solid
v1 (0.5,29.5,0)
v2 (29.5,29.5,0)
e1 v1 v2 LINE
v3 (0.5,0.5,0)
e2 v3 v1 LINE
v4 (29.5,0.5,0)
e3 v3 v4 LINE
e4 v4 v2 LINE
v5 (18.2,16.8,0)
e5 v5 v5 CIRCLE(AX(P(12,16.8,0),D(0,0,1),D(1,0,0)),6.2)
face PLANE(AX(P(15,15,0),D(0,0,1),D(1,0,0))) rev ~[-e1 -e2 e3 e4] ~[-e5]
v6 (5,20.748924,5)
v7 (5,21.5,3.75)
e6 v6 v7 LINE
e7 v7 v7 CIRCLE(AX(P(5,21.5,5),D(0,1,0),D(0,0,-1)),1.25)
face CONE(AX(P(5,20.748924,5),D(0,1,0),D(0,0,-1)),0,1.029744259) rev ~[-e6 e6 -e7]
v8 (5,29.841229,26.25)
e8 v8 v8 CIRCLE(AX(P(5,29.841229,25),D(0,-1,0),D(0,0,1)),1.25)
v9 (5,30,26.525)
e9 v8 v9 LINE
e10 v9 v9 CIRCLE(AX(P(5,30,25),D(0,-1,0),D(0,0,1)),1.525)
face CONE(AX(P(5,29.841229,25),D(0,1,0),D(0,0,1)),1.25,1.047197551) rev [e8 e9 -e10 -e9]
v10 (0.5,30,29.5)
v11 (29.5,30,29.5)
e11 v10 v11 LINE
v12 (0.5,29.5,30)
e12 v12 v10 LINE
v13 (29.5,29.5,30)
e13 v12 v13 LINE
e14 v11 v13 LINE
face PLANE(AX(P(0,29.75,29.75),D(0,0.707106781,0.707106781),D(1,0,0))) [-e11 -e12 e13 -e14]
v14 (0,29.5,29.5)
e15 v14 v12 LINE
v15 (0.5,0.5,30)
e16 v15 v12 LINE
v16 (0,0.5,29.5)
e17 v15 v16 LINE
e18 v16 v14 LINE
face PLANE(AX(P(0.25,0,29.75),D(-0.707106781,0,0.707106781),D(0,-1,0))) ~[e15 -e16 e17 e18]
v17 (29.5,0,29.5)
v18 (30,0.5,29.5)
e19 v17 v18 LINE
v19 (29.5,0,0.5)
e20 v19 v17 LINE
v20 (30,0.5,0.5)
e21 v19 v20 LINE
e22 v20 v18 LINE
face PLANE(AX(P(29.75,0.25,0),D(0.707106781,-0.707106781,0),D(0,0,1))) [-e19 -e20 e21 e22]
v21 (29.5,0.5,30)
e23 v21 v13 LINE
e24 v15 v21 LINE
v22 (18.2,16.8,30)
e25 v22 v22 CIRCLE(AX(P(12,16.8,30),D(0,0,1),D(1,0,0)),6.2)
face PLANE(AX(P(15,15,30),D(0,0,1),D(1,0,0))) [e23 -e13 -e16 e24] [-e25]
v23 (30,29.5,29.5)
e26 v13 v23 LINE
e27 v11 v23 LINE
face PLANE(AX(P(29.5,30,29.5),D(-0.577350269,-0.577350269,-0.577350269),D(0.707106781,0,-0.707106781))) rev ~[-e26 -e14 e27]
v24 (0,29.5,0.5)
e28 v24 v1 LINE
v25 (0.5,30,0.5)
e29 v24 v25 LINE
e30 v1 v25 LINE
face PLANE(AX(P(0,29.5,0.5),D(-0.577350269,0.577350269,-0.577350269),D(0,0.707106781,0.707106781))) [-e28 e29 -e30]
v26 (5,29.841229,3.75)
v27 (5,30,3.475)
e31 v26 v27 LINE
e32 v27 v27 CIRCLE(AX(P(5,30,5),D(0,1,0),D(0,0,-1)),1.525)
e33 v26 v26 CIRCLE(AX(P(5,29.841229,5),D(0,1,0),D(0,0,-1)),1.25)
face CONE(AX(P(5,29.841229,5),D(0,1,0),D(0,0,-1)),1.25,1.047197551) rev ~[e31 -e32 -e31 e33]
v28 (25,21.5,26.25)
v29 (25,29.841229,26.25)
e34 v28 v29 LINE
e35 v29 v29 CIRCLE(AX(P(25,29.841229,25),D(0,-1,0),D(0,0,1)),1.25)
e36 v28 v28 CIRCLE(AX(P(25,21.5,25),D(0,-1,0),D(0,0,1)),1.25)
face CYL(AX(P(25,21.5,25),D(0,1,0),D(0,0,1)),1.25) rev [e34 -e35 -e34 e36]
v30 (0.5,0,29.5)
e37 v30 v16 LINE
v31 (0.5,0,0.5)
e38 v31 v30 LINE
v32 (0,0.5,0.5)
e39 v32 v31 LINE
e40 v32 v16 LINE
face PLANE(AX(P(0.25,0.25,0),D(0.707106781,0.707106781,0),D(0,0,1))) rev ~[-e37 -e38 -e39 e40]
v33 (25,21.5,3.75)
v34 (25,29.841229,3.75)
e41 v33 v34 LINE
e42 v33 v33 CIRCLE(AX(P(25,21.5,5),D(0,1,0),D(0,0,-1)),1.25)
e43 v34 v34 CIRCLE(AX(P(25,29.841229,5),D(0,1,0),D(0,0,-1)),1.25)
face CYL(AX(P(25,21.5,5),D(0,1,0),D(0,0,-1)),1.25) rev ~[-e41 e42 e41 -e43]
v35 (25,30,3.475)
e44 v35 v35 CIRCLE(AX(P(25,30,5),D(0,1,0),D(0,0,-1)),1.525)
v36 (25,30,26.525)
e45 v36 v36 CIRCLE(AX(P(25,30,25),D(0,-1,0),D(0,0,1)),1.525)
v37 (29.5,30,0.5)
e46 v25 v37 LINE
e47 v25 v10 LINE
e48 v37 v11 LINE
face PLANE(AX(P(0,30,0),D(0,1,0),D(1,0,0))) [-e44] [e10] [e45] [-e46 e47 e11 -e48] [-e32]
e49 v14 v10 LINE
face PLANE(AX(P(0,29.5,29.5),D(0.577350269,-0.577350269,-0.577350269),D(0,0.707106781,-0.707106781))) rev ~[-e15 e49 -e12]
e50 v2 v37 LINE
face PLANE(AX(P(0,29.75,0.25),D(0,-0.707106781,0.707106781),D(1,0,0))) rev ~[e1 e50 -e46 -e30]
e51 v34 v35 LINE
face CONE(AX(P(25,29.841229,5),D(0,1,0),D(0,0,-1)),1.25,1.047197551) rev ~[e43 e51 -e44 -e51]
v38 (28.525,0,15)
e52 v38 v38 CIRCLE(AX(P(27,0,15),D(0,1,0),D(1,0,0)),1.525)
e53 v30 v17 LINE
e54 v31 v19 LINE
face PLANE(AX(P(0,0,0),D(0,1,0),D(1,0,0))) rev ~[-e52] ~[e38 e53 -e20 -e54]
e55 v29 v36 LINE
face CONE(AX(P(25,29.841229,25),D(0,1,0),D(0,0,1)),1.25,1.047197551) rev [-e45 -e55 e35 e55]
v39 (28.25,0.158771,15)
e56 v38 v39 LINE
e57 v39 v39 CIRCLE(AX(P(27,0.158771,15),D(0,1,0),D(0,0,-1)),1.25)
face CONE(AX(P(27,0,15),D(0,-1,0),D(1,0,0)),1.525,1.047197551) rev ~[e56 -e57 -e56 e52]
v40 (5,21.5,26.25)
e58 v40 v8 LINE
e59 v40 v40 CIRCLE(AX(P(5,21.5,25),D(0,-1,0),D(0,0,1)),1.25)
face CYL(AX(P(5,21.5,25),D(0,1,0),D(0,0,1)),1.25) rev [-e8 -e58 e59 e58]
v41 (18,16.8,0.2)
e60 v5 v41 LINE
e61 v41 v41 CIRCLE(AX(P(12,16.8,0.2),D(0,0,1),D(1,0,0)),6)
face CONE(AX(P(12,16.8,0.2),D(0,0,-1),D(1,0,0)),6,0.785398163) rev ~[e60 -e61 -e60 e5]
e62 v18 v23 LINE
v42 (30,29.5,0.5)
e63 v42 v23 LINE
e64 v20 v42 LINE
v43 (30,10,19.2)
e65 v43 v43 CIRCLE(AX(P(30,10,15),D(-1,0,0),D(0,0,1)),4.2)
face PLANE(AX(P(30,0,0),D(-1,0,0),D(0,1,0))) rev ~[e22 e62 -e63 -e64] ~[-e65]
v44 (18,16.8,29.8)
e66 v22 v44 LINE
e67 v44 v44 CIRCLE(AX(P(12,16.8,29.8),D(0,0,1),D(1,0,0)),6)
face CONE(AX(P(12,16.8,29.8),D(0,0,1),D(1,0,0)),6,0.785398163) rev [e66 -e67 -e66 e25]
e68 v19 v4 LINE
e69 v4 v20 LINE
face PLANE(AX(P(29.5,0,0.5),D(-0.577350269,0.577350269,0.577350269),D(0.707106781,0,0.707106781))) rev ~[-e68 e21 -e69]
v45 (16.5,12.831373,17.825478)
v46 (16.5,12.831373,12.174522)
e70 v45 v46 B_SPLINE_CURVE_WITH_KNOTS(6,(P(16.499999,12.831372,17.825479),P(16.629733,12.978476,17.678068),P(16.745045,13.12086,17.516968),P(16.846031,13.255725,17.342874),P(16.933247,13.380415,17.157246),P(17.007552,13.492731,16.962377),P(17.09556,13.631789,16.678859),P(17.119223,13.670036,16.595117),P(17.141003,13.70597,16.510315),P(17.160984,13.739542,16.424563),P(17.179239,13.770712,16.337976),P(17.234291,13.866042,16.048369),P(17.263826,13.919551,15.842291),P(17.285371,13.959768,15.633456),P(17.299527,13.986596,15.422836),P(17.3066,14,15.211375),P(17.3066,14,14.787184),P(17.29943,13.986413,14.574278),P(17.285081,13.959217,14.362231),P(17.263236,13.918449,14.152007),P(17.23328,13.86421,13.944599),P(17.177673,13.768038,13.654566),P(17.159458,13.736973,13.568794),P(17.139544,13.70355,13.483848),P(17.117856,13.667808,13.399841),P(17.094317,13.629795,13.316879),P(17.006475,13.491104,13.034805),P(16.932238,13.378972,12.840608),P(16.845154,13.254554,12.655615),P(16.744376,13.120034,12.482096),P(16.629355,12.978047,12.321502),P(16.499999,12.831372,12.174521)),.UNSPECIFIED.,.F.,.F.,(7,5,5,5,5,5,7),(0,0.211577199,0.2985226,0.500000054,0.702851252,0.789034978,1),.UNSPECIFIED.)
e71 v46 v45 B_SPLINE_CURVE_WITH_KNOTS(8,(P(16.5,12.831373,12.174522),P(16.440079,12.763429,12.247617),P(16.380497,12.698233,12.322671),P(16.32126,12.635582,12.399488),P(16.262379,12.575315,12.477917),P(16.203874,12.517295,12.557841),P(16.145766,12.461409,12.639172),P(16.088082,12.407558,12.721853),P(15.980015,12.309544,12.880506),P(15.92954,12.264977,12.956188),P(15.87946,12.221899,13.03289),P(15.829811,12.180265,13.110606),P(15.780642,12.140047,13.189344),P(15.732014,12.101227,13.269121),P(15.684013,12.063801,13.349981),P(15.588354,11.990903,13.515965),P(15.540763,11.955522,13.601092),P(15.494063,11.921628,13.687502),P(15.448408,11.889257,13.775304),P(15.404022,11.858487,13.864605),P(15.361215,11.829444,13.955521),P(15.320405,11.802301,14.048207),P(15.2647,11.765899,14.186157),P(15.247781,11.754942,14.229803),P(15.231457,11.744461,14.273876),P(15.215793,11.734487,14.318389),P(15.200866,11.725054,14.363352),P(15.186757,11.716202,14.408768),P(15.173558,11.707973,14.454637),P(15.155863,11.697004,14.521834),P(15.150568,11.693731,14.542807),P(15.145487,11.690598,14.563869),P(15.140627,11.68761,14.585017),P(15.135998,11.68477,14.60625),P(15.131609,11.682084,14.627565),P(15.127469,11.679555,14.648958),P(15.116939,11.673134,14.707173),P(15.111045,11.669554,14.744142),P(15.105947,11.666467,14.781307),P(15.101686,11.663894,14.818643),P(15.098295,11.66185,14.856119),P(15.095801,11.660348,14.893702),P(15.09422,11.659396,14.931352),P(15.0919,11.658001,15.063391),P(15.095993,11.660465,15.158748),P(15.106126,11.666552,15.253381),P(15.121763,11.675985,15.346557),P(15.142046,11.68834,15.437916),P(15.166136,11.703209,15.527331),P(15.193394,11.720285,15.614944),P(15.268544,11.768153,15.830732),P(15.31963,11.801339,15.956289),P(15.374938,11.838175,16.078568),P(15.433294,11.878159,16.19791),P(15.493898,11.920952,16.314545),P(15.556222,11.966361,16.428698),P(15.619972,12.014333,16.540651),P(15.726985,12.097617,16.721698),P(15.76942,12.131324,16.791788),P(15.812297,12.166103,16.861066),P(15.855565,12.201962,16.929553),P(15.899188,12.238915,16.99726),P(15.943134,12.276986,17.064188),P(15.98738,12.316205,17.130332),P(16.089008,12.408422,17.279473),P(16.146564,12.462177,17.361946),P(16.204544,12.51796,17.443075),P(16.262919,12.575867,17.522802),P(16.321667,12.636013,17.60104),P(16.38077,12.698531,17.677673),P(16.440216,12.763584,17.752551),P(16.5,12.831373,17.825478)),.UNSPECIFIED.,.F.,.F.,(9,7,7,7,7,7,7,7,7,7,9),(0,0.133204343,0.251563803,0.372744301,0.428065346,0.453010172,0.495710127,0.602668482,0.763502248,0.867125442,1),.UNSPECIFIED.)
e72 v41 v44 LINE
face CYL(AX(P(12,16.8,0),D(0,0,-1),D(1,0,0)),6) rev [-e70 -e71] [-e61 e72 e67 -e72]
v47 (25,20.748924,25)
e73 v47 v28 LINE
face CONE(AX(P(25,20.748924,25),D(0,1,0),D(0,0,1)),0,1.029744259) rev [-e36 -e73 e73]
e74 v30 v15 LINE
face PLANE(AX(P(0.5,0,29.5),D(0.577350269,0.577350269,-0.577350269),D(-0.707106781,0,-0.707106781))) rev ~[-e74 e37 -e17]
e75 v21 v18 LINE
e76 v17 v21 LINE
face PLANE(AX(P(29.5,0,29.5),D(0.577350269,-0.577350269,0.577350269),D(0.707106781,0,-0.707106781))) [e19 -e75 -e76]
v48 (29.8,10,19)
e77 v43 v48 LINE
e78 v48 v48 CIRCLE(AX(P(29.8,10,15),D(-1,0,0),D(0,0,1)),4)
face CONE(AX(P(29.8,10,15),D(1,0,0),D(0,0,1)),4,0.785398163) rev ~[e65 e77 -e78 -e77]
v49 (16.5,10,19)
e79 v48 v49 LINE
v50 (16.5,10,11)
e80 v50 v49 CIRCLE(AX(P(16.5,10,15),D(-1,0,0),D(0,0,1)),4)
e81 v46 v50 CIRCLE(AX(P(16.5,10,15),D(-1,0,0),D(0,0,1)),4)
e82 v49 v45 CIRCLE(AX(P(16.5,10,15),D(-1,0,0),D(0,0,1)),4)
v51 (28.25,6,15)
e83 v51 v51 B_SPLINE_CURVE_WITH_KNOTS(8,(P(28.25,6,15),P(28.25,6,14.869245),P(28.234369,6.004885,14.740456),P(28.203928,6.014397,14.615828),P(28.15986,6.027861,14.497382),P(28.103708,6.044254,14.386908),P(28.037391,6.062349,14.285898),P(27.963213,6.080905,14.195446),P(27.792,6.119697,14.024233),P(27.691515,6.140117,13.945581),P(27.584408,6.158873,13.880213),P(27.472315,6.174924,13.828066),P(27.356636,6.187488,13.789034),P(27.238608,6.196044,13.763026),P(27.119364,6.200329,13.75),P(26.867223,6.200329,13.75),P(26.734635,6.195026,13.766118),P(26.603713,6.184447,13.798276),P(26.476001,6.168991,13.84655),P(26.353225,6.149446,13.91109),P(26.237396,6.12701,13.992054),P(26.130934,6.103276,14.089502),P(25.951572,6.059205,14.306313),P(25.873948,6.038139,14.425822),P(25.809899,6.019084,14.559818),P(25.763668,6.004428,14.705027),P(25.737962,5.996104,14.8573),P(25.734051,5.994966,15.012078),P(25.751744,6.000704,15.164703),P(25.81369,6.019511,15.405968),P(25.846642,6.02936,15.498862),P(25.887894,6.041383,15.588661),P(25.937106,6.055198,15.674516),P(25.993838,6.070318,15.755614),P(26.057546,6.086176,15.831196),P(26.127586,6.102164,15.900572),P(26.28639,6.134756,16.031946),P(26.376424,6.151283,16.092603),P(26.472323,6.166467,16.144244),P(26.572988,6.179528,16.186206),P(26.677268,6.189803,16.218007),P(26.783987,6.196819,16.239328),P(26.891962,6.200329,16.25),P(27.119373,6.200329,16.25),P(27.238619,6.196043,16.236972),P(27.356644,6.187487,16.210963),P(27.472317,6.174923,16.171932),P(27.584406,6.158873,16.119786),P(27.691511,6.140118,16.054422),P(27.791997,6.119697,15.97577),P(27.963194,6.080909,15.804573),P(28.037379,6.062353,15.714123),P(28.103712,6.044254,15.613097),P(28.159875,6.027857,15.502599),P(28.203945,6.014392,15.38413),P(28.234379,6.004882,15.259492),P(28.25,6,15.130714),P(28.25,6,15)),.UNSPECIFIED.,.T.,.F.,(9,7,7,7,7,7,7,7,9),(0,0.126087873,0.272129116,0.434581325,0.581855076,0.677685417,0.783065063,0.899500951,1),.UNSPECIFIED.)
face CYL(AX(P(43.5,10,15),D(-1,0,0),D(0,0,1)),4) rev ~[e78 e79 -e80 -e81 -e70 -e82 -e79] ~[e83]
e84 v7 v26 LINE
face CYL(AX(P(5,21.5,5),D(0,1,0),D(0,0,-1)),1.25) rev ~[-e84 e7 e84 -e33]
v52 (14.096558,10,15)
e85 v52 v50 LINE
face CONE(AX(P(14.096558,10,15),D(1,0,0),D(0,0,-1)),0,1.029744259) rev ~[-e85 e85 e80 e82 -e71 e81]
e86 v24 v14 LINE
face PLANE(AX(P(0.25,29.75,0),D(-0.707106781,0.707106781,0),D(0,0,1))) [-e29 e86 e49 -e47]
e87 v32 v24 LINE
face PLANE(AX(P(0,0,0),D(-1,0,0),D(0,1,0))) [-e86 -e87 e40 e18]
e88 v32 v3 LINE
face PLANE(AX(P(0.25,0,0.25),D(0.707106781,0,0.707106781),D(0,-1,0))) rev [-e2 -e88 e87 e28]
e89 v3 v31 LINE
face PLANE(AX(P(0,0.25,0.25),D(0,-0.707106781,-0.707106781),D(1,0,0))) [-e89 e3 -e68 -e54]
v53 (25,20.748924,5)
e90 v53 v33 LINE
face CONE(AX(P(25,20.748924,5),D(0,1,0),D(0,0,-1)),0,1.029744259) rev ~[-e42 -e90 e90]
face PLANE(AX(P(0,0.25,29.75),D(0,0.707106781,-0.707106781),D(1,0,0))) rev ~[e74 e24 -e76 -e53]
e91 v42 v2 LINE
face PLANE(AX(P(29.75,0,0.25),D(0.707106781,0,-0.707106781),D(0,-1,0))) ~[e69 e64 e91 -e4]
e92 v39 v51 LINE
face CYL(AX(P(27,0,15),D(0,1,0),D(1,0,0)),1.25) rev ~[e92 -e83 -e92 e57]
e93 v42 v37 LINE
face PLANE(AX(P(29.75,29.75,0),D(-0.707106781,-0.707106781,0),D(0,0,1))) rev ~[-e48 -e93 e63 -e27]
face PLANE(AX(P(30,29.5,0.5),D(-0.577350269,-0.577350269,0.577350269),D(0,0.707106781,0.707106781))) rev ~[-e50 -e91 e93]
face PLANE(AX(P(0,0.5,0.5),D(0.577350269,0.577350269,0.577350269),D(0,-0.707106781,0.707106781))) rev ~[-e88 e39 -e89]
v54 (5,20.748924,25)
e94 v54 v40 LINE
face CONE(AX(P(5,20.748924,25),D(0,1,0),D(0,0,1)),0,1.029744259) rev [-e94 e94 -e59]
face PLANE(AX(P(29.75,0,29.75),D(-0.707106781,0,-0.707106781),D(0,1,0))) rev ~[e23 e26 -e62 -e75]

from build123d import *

# Parameters (mm, degrees)
SCHIZZO1_W                      = 30
SCHIZZO1_H                      = 30
SCHIZZO1_R                      = 6
ESTRUSIONE_ESTRUSIONE1_DEPTH    = 30
F_8_0_8_DIAMETER_HOLE1_D        = 8
F_8_0_8_DIAMETER_HOLE1_DEPTH    = 13.5
F_8_0_8_DIAMETER_HOLE1_TIP      = 2.403442476
FORO_FILETTATO_M3_1_AT_2_COUNT  = 2
FORO_FILETTATO_M3_1_AT_2_PITCH  = 20
FORO_FILETTATO_M3_2_D           = 2.5
FORO_FILETTATO_M3_2_DEPTH       = 8.5
FORO_FILETTATO_M3_2_CSINK_D     = 3.05
FORO_FILETTATO_M3_2_CSINK_ANGLE = 120
FORO_FILETTATO_M3_2_TIP         = 0.751075774
CHAMFER1_SIZE                   = 0.5
CHAMFER2_SIZE                   = 0.2


with BuildPart() as part:
    # Schizzo1 → Estrusione-Estrusione1 (new body)
    with BuildSketch(Plane.XY):
        with Locations((15, 15)):
            Rectangle(SCHIZZO1_W, SCHIZZO1_H)
        with Locations((12, 16.8)):
            Circle(SCHIZZO1_R, mode=Mode.SUBTRACT)
    extrude(amount=ESTRUSIONE_ESTRUSIONE1_DEPTH)

    # Ø8.0 (8) Diameter Hole1
    with Locations(Plane(origin=(30, 0, 0), x_dir=(0, 0, -1), z_dir=(1, 0, 0))):
        with Locations((-15, 10)):
            Hole(F_8_0_8_DIAMETER_HOLE1_D / 2, depth=F_8_0_8_DIAMETER_HOLE1_DEPTH)
            with Locations((0, 0, -(F_8_0_8_DIAMETER_HOLE1_DEPTH + F_8_0_8_DIAMETER_HOLE1_TIP / 2))):  # 118° drill point
                Cone(0, F_8_0_8_DIAMETER_HOLE1_D / 2, F_8_0_8_DIAMETER_HOLE1_TIP, mode=Mode.SUBTRACT)

    # Schizzo7 → Foro filettato M3-1 (revolve, cut)
    with BuildSketch(Plane(origin=(5, 30, 25), x_dir=(0, 0, 1), z_dir=(1, 0, 0))):
        Polygon((0, 0), (0, 9.251075774), (1.25, 8.5), (1.25, 0.158771324), (1.525, 0), align=None)
    foro_filettato_m3_1 = revolve(axis=Axis((5, 36.35, 25), (0, -1, 0)), mode=Mode.SUBTRACT)

    # Foro filettato M3-1 at 2: Foro filettato M3-1 ×2
    with Locations(*[(i * FORO_FILETTATO_M3_1_AT_2_PITCH, 0, 0) for i in range(1, FORO_FILETTATO_M3_1_AT_2_COUNT)]):
        add(foro_filettato_m3_1, mode=Mode.SUBTRACT)

    # Specchia1: Foro filettato M3-1 across plane
    add(foro_filettato_m3_1.mirror(Plane.XY.offset(15)), mode=Mode.SUBTRACT)

    # Specchia1 copy 1 sketch → Specchia1 copy 1 (revolve, cut)
    with BuildSketch(Plane(origin=(25, 30, 5), x_dir=(0, 0, -1), z_dir=(1, 0, 0))):
        Polygon((0, 0), (0, -9.251075774), (1.25, -8.5), (1.25, -0.158771324), (1.525, 0), align=None)
    revolve(axis=Axis((25, 36.35, 5), (0, 1, 0)), mode=Mode.SUBTRACT)

    # Foro filettato M3-2
    with Locations(Plane(origin=(0, 0, 0), x_dir=(-1, 0, 0), z_dir=(0, -1, 0))):
        with Locations((-27, -15)):
            CounterSinkHole(FORO_FILETTATO_M3_2_D / 2, FORO_FILETTATO_M3_2_CSINK_D / 2, depth=FORO_FILETTATO_M3_2_DEPTH, counter_sink_angle=FORO_FILETTATO_M3_2_CSINK_ANGLE)
            with Locations((0, 0, -(FORO_FILETTATO_M3_2_DEPTH + FORO_FILETTATO_M3_2_TIP / 2))):  # 118° drill point
                Cone(0, FORO_FILETTATO_M3_2_D / 2, FORO_FILETTATO_M3_2_TIP, mode=Mode.SUBTRACT)

    # Chamfer1
    chamfer1_edges = [part.edges().sort_by_distance(p)[0] for p in [
        (30, 15, 30),
        (15, 30, 30),
        (0, 15, 30),
        (15, 30, 0),
        (30, 15, 0),
        (15, 0, 0),
        (0, 15, 0),
        (15, 0, 30),
        (0, 30, 15),
        (30, 30, 15),
        (30, 0, 15),
        (0, 0, 15),
    ]]
    chamfer(chamfer1_edges, length=CHAMFER1_SIZE)

    # Chamfer2
    chamfer2_edges = [part.edges().sort_by_distance(p)[0] for p in [
        (6, 16.8, 0),
        (6, 16.8, 30),
        (30, 10, 11),
    ]]
    chamfer(chamfer2_edges, length=CHAMFER2_SIZE)


solid = part.part
